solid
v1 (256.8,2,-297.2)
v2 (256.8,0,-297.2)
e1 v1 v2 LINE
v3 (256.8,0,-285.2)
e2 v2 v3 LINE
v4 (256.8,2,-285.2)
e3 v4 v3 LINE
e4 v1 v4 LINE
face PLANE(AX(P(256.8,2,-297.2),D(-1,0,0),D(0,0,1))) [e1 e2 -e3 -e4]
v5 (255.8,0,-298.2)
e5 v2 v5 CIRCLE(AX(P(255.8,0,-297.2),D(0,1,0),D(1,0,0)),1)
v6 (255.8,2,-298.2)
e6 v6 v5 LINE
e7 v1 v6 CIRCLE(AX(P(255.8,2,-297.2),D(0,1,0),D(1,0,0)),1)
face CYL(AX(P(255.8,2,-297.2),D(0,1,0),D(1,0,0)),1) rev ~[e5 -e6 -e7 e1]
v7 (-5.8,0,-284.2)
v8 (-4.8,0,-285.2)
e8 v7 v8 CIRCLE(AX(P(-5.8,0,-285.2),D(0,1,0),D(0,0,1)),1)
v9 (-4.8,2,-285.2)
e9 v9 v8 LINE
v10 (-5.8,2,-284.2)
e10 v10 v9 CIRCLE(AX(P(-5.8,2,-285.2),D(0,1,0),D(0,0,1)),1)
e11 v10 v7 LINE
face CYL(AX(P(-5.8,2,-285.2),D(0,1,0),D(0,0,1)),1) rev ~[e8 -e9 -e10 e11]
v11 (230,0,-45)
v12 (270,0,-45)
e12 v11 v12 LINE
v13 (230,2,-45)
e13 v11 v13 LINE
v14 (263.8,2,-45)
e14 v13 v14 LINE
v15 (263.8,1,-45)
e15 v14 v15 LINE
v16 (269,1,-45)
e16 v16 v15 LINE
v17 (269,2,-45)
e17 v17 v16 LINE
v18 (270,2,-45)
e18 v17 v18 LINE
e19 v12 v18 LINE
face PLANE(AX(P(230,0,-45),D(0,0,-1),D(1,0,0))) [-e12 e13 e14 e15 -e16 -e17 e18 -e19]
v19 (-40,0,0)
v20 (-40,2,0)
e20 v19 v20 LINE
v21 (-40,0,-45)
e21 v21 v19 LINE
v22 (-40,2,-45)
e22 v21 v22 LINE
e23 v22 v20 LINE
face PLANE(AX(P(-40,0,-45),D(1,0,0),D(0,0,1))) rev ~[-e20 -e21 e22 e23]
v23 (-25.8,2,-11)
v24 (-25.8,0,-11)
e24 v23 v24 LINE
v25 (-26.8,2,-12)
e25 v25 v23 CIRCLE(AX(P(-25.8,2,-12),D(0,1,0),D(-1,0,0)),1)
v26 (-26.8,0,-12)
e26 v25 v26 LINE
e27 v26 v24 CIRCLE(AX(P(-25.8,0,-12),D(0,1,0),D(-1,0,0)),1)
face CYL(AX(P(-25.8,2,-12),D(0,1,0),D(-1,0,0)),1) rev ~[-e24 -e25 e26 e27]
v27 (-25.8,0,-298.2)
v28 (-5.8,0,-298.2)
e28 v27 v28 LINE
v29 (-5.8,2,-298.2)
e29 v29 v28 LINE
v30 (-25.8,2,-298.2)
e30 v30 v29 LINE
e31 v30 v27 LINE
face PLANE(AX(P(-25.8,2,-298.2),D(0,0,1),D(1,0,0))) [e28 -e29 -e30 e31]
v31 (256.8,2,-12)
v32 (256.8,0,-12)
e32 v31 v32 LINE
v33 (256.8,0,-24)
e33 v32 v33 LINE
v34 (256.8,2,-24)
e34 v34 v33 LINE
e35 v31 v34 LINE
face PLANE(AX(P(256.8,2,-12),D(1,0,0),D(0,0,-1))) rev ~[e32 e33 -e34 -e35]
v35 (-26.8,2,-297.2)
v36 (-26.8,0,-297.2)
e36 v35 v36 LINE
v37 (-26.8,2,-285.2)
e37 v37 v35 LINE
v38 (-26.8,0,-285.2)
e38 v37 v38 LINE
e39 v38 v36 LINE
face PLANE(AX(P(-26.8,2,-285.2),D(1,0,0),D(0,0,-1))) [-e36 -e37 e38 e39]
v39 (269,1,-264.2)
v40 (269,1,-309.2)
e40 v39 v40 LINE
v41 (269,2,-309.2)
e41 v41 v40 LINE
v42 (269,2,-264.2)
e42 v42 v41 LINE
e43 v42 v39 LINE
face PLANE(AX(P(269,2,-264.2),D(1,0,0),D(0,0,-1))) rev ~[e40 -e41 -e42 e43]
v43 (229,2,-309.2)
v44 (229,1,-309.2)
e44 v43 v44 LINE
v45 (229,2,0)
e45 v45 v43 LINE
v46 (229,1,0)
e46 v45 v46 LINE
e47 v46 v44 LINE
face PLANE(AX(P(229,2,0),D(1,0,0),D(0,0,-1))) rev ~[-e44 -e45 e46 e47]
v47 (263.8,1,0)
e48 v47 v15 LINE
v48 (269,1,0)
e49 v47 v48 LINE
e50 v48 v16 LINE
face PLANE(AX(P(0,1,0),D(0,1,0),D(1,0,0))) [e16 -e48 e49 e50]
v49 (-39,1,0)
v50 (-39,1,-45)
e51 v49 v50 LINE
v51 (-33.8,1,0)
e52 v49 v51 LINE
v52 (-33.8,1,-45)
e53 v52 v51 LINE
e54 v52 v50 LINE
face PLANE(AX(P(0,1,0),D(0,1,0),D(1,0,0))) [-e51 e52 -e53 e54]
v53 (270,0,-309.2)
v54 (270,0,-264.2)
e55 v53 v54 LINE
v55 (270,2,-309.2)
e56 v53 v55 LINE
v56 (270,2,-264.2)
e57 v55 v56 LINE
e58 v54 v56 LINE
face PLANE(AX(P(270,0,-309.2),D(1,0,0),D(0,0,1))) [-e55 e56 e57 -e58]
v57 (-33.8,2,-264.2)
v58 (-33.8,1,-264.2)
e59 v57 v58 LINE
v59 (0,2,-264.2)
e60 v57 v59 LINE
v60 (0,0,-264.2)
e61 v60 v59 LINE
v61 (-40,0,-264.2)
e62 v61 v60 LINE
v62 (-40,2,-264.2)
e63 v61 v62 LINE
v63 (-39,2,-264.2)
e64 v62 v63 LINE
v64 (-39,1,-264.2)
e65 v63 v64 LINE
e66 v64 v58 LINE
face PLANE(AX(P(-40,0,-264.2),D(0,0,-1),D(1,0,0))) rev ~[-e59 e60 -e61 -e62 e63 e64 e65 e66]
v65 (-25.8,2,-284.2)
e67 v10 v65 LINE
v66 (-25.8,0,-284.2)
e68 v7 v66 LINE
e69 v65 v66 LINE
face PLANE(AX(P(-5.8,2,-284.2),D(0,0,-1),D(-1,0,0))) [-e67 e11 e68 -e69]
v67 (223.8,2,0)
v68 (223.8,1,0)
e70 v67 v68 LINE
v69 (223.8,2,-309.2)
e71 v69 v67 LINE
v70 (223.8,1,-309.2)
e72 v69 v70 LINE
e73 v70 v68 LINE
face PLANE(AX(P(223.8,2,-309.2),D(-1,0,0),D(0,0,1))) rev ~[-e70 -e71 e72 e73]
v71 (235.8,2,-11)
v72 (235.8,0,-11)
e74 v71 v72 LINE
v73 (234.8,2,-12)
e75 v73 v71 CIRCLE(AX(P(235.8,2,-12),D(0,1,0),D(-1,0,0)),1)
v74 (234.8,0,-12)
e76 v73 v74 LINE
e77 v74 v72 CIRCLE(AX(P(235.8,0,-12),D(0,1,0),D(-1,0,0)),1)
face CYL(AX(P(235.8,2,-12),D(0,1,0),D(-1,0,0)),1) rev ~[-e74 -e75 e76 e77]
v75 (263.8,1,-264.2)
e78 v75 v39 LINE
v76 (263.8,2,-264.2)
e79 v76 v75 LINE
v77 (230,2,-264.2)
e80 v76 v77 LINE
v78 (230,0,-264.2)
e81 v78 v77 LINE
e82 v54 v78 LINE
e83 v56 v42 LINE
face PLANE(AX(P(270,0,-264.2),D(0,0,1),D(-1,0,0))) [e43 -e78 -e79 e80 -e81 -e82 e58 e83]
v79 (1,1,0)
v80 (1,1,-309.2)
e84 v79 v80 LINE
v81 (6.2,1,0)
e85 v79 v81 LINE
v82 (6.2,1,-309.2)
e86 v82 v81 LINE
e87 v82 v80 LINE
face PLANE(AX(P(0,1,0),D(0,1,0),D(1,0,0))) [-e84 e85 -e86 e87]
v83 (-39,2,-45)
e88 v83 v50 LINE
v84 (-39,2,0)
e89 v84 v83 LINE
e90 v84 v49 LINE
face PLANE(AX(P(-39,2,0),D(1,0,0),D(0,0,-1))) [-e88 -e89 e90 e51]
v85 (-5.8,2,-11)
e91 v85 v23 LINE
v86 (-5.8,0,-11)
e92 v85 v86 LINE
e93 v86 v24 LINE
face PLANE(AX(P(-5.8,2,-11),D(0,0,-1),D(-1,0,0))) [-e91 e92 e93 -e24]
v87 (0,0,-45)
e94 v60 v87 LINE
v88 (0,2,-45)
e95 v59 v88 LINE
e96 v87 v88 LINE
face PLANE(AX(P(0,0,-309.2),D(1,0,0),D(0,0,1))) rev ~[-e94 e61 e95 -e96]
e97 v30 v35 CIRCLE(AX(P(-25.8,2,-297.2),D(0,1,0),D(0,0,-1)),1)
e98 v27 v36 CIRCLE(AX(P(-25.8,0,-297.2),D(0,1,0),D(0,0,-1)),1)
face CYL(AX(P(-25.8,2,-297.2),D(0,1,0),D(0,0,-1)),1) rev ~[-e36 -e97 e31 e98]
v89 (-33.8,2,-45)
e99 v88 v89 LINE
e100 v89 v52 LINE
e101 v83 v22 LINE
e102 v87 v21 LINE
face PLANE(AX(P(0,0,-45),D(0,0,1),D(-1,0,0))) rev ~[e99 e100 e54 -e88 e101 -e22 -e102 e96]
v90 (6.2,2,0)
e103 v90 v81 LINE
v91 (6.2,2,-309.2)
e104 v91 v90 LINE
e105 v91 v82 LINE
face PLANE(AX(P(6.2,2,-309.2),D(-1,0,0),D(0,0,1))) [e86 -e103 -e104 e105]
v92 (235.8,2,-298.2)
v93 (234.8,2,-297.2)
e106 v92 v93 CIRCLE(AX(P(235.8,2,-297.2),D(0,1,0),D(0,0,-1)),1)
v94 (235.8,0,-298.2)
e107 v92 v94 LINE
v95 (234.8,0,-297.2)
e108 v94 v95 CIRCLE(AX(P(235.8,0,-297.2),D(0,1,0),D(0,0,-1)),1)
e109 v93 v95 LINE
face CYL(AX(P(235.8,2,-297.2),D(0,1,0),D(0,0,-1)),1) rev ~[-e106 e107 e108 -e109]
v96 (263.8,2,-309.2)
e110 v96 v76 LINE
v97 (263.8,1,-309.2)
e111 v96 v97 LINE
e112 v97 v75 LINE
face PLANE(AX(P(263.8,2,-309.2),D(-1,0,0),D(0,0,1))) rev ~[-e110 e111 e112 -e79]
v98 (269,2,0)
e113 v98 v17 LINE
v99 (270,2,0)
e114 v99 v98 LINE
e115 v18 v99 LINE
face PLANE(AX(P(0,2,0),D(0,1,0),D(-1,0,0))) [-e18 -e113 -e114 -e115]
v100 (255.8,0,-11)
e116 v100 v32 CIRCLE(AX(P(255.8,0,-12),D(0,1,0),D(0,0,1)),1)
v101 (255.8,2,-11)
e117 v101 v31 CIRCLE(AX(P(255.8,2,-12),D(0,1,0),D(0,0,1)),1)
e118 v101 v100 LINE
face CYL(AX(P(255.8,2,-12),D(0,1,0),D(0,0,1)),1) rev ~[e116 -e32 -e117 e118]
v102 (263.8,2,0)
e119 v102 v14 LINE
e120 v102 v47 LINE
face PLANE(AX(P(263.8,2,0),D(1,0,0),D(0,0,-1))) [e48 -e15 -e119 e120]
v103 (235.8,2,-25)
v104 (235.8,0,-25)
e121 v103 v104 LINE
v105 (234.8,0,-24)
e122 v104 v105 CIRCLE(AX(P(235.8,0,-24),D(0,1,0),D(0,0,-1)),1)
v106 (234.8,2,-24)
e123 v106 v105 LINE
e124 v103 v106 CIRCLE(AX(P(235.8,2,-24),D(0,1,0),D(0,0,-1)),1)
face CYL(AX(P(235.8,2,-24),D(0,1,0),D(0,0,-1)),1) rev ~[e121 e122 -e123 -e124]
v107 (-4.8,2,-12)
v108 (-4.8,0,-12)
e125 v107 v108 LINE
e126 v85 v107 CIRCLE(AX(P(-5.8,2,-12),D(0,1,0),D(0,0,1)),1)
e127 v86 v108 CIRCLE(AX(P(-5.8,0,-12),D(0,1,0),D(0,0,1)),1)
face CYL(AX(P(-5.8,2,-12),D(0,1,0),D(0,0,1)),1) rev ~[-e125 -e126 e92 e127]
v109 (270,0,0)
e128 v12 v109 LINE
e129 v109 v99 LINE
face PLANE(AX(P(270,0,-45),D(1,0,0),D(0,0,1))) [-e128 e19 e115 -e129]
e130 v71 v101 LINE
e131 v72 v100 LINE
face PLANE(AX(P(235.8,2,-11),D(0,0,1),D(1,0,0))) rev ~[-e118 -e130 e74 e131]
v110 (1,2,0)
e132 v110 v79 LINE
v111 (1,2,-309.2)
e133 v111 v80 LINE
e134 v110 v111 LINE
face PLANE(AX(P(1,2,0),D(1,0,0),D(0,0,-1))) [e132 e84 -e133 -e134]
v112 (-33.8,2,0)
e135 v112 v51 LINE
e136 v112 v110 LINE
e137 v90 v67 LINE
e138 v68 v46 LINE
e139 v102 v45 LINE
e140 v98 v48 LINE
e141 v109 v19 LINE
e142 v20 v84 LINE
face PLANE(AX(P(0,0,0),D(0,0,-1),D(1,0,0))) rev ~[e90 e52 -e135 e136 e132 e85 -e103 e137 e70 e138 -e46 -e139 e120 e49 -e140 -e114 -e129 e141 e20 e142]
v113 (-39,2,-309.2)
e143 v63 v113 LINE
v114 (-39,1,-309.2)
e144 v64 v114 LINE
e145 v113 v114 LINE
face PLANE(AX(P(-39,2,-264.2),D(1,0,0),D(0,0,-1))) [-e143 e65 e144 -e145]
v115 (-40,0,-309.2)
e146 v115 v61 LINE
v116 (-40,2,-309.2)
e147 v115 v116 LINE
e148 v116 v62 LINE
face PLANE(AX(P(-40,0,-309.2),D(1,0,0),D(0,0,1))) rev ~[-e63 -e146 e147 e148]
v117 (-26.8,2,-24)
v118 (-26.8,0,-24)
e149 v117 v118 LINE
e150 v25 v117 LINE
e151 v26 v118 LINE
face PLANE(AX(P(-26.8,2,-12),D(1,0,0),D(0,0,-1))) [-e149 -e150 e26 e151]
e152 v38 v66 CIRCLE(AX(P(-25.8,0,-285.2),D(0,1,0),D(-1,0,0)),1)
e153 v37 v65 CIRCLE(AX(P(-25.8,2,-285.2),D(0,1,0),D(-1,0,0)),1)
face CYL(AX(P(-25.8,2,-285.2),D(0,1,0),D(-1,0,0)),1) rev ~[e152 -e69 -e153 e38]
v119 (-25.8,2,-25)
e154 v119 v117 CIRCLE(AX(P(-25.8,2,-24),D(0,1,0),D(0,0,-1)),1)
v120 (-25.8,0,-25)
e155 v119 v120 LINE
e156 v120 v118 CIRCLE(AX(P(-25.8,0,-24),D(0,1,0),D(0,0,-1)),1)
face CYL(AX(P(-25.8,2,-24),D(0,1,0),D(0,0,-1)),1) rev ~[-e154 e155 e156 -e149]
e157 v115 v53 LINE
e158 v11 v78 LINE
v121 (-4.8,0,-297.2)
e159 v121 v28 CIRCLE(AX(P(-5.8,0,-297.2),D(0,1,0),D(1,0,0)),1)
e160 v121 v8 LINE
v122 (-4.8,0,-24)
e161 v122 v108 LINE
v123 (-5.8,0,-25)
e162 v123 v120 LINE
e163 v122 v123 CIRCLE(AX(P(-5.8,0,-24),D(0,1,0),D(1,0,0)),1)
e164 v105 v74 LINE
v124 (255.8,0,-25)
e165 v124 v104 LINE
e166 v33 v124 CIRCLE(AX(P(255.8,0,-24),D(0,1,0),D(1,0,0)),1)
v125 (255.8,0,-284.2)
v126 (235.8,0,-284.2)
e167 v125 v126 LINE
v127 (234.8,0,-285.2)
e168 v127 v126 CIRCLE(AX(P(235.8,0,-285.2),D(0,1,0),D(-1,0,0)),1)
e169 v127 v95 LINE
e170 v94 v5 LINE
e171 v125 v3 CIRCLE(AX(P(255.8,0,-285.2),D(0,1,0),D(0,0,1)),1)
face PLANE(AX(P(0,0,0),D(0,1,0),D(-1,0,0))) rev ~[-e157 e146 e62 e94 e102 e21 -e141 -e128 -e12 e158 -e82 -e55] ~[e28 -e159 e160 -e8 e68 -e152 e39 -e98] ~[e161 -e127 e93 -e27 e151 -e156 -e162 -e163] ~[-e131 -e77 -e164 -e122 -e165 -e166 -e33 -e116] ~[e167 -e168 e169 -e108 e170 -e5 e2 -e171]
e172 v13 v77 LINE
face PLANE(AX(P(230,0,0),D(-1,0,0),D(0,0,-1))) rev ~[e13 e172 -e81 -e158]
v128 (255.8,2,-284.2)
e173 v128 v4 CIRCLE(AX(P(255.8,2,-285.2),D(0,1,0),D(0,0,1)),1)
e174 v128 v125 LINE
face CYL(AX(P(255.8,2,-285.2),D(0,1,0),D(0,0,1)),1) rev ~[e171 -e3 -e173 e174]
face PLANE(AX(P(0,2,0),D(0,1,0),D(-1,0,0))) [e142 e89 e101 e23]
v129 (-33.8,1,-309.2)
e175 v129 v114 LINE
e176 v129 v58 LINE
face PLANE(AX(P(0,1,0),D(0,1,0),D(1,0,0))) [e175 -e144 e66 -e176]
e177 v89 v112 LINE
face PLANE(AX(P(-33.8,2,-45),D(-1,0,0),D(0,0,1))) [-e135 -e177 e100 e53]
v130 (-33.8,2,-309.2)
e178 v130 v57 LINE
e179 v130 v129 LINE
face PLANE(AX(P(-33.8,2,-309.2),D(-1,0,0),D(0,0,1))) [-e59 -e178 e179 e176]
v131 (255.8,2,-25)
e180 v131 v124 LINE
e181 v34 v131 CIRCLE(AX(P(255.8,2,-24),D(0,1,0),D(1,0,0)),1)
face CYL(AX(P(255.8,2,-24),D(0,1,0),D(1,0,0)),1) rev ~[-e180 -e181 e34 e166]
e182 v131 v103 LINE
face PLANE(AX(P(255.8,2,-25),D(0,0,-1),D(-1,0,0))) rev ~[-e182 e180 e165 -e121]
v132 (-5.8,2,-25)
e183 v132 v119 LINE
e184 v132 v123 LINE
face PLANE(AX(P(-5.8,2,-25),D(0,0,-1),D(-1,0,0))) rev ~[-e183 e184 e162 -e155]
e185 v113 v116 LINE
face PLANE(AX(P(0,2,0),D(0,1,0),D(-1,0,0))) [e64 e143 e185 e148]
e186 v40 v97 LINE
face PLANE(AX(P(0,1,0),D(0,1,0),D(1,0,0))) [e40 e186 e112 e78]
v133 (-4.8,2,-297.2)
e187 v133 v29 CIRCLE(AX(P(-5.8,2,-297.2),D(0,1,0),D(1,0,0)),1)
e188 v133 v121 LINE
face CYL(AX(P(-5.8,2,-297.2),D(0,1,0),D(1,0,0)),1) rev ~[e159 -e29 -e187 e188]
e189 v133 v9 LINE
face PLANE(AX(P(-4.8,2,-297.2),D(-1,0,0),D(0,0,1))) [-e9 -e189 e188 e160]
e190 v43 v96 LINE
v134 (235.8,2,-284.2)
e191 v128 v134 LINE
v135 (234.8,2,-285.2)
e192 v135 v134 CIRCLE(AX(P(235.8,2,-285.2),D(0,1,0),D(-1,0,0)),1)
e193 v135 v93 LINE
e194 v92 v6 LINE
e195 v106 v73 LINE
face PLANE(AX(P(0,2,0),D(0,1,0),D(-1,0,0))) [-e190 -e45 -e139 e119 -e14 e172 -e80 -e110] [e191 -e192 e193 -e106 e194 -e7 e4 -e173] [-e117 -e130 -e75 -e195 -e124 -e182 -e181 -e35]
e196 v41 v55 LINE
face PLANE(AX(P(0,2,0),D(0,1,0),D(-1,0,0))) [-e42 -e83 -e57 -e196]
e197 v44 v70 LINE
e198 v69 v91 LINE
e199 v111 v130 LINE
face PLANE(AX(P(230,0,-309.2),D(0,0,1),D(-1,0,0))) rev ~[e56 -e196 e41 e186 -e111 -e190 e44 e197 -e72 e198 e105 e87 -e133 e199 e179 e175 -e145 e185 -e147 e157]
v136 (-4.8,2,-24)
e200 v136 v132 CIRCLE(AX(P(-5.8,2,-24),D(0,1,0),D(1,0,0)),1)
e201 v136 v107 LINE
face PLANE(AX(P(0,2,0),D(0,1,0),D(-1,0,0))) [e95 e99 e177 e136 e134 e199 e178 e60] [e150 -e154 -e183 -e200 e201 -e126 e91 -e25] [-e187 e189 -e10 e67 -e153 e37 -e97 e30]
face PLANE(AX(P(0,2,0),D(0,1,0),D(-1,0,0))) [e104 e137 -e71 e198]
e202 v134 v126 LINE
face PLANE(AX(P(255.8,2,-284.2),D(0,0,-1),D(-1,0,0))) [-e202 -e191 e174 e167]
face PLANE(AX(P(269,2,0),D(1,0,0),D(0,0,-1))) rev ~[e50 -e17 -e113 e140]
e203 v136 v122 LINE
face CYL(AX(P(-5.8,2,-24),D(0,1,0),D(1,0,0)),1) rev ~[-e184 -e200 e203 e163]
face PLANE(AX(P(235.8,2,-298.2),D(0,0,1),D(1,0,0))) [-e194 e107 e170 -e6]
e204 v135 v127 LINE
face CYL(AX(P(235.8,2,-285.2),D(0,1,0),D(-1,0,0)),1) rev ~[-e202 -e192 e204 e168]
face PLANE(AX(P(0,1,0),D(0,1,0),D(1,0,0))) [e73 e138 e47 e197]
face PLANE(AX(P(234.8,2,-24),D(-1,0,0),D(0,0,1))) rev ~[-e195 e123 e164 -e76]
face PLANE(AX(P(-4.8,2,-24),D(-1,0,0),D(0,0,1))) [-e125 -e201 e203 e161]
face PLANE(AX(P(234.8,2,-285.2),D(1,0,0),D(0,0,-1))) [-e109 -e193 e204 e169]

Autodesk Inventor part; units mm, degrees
ref_plane "YZ Plane" through (0, 0, 0) normal (1, 0, 0) x (0, 1, 0)
ref_plane "XZ Plane" through (0, 0, 0) normal (0, 1, 0) x (-1, 0, 0)
ref_plane "XY Plane" through (0, 0, 0) normal (0, 0, 1) x (1, 0, 0)
sketch "스케치1" plane through (0, 0, 0) normal (0, 1, 0) x (-1, 0, 0)
  line L0 (0, 0) -> (-230, 0)
  line L1 (-230, 0) -> (-230, -309.2)
  line L2 (-230, -309.2) -> (0, -309.2)
  line L3 (0, -309.2) -> (0, 0)
  dimension "d0" = 230
  dimension "d1" = 309.2
extrude "돌출1" add sketch "스케치1" along normal blind 2
sketch "스케치2" plane through (0, 2, 0) normal (0, 1, 0) x (1, 0, 0)
  line L0 (1, 0) -> (1, 309.2)
  line L1 (230, 309.2) -> (0, 309.2) projected
  line L2 (6.2, 309.2) -> (6.2, 0)
  line L3 (229, 0) -> (229, 309.2)
  line L4 (223.8, 309.2) -> (223.8, 0)
  line L5 (0, 0) -> (230, 0) projected
  line L6 (0, 309.2) -> (0, 0) projected
  line L7 (230, 0) -> (230, 309.2) projected
  line L8 (1, 0) -> (6.2, 0)
  line L9 (1, 309.2) -> (6.2, 309.2)
  line L10 (223.8, 309.2) -> (229, 309.2)
  line L11 (223.8, 0) -> (229, 0)
  dimension "d4" = 1
  dimension "d5" = 5.2
  dimension "d6" = 1
  dimension "d7" = 5.2
extrude "돌출2" cut sketch "스케치2" against normal blind 1 contours L0 L1 L2 L5 | L4 L1 L3 L5
sketch "스케치3" plane through (0, 0, 0) normal (0, -1, 0) x (1, 0, 0)
  line L0 (0, 0) -> (0, -45)
  line L1 (0, -309.2) -> (0, 0) projected
  line L2 (0, -45) -> (-40, -45)
  line L3 (-40, -45) -> (-40, 0)
  line L4 (-40, 0) -> (0, 0)
  line L5 (230, 0) -> (230, -309.2) projected
  line L6 (230, 0) -> (230, -45)
  line L7 (230, -45) -> (270, -45)
  line L8 (270, -45) -> (270, 0)
  line L9 (270, 0) -> (230, 0)
  line L10 (230, -309.2) -> (270, -309.2)
  line L11 (270, -309.2) -> (270, -264.2)
  line L12 (270, -264.2) -> (230, -264.2)
  line L13 (0, -309.2) -> (-40, -309.2)
  line L14 (-40, -309.2) -> (-40, -264.2)
  line L15 (-40, -264.2) -> (0, -264.2)
  dimension "d10" = 45
extrude "돌출3" add sketch "스케치3" against normal blind 2
sketch "스케치4" plane through (0, 2, 0) normal (0, 1, 0) x (1, 0, 0)
  line L0 (1, 0) -> (1, 309.2) projected
  line L1 (1, 309.2) -> (-40, 309.2) projected
  line L2 (-40, 309.2) -> (-40, 264.2) projected
  line L3 (-40, 264.2) -> (0, 264.2) projected
  line L4 (0, 264.2) -> (0, 45) projected
  line L5 (0, 45) -> (-40, 45) projected
  line L6 (-40, 45) -> (-40, 0) projected
  line L7 (-40, 0) -> (1, 0) projected
  line L8 (223.8, 0) -> (223.8, 309.2) projected
  line L9 (223.8, 309.2) -> (6.2, 309.2) projected
  line L10 (6.2, 309.2) -> (6.2, 0) projected
  line L11 (6.2, 0) -> (223.8, 0) projected
  line L12 (229, 309.2) -> (229, 0) projected
  line L13 (229, 0) -> (270, 0) projected
  line L14 (270, 0) -> (270, 45) projected
  line L15 (270, 45) -> (230, 45) projected
  line L16 (230, 45) -> (230, 264.2) projected
  line L17 (230, 264.2) -> (270, 264.2) projected
  line L18 (270, 264.2) -> (270, 309.2) projected
  line L19 (270, 309.2) -> (229, 309.2) projected
  line L20 (-39, 0) -> (-39, 45)
  line L21 (0, 45) -> (-40, 45) projected
  line L22 (-33.8, 45) -> (-33.8, 0)
  line L23 (-39, 264.2) -> (-39, 309.2)
  line L24 (1, 309.2) -> (-40, 309.2) projected
  line L25 (-33.8, 309.2) -> (-33.8, 264.2)
  line L26 (0, 264.2) -> (-40, 264.2) projected
  line L27 (229, 0) -> (270, 0) projected
  line L28 (269, 0) -> (269, 45)
  line L29 (230, 45) -> (270, 45) projected
  line L30 (263.8, 0) -> (263.8, 45)
  line L31 (230, 264.2) -> (270, 264.2) projected
  line L32 (269, 264.2) -> (269, 309.2)
  line L33 (270, 309.2) -> (229, 309.2) projected
  line L34 (263.8, 309.2) -> (263.8, 264.2)
  line L35 (263.8, 264.2) -> (269, 264.2)
  line L36 (269, 309.2) -> (263.8, 309.2)
  point P0 (0, 0)
  dimension "d13" = 1
  dimension "d14" = 5.2
  dimension "d15" = 1
  dimension "d16" = 1
  dimension "d17" = 5.2
extrude "돌출4" cut sketch "스케치4" against normal blind 1 contours L7 L20 L5 L22 | L25 L3 L23 L1 | L19 L32 L17 L34 | L30 L15 L28 L13
sketch "스케치5" plane through (0, 2, 0) normal (0, 1, 0) x (1, 0, 0)
  line L0 (223.8, 0) -> (223.8, 309.2) projected
  line L1 (223.8, 309.2) -> (6.2, 309.2) projected
  line L2 (6.2, 309.2) -> (6.2, 0) projected
  line L3 (6.2, 0) -> (223.8, 0) projected
  line L4 (-33.8, 309.2) -> (-33.8, 264.2) projected
  line L5 (-33.8, 264.2) -> (0, 264.2) projected
  line L6 (0, 264.2) -> (0, 45) projected
  line L7 (0, 45) -> (-33.8, 45) projected
  line L8 (-33.8, 45) -> (-33.8, 0) projected
  line L9 (-33.8, 0) -> (1, 0) projected
  line L10 (1, 0) -> (1, 309.2) projected
  line L11 (1, 309.2) -> (-33.8, 309.2) projected
  line L12 (263.8, 0) -> (263.8, 45) projected
  line L13 (263.8, 45) -> (230, 45) projected
  line L14 (230, 45) -> (230, 264.2) projected
  line L15 (230, 264.2) -> (263.8, 264.2) projected
  line L16 (263.8, 264.2) -> (263.8, 309.2) projected
  line L17 (263.8, 309.2) -> (229, 309.2) projected
  line L18 (229, 309.2) -> (229, 0) projected
  line L19 (229, 0) -> (263.8, 0) projected
  line L20 (-33.8, 45) -> (-33.8, 0) projected
  line L21 (-40, 45) -> (0, 45) projected
  line L22 (-4.8, 24) -> (-4.8, 12)
  line L23 (-5.8, 11) -> (-25.8, 11)
  line L24 (-26.8, 12) -> (-26.8, 24)
  line L25 (-5.8, 25) -> (-25.8, 25)
  line L26 (230, 45) -> (270, 45) projected
  line L27 (255.8, 25) -> (235.8, 25)
  line L28 (234.8, 24) -> (234.8, 12)
  line L29 (235.8, 11) -> (255.8, 11)
  line L30 (256.8, 12) -> (256.8, 24)
  line L31 (230, 264.2) -> (263.8, 264.2) projected
  line L32 (255.8, 284.2) -> (235.8, 284.2)
  line L33 (234.8, 285.2) -> (234.8, 297.2)
  line L34 (235.8, 298.2) -> (255.8, 298.2)
  line L35 (256.8, 297.2) -> (256.8, 285.2)
  line L36 (-33.8, 264.2) -> (0, 264.2) projected
  arc A0 (235.8, 298.2) -> (234.8, 297.2) centre (235.8, 297.2) ccw
  arc A1 (256.8, 297.2) -> (255.8, 298.2) centre (255.8, 297.2) ccw
  arc A2 (255.8, 284.2) -> (256.8, 285.2) centre (255.8, 285.2) ccw
  arc A3 (234.8, 285.2) -> (235.8, 284.2) centre (235.8, 285.2) ccw
  arc A4 (235.8, 25) -> (234.8, 24) centre (235.8, 24) ccw
  arc A5 (234.8, 12) -> (235.8, 11) centre (235.8, 12) ccw
  arc A6 (255.8, 11) -> (256.8, 12) centre (255.8, 12) ccw
  arc A7 (256.8, 24) -> (255.8, 25) centre (255.8, 24) ccw
  arc A8 (-25.8, 25) -> (-26.8, 24) centre (-25.8, 24) ccw
  arc A9 (-26.8, 12) -> (-25.8, 11) centre (-25.8, 12) ccw
  arc A10 (-5.8, 11) -> (-4.8, 12) centre (-5.8, 12) ccw
  arc A11 (-4.8, 24) -> (-5.8, 25) centre (-5.8, 24) ccw
  line L37 (1, 309.2) -> (-33.8, 309.2) projected
  line L38 (-33.8, 309.2) -> (-26.8, 309.2)
  line L39 (-26.8, 309.2) -> (-26.8, 298.2)
  line L40 (-25.8, 298.2) -> (-5.8, 298.2)
  line L41 (-4.8, 297.2) -> (-4.8, 285.2)
  line L42 (-5.8, 284.2) -> (-25.8, 284.2)
  line L43 (-26.8, 285.2) -> (-26.8, 297.2)
  arc A12 (-5.8, 284.2) -> (-4.8, 285.2) centre (-5.8, 285.2) ccw
  arc A13 (-4.8, 297.2) -> (-5.8, 298.2) centre (-5.8, 297.2) ccw
  arc A14 (-25.8, 298.2) -> (-26.8, 297.2) centre (-25.8, 297.2) ccw
  arc A15 (-26.8, 285.2) -> (-25.8, 284.2) centre (-25.8, 285.2) ccw
  point P0 (0, 0)
  point P1 (-4.8, 11)
  point P2 (234.8, 25)
  point P3 (234.8, 11)
  point P4 (256.8, 11)
  point P5 (234.8, 284.2)
  point P6 (234.8, 298.2)
  point P7 (256.8, 298.2)
  point P8 (-4.8, 284.2)
  point P9 (-4.8, 298.2)
  point P10 (-26.8, 284.2)
  dimension "d27" = 14
  dimension "d29" = 14
  dimension "d33" = 11
  dimension "d34" = 11
  dimension "d35" = 11
  dimension "d37" = 7
  dimension "d38" = 11
  dimension "d39" = 22
  dimension "d40" = 14
  dimension "d41" = 1
  dimension "d42" = 14
extrude "돌출6" cut sketch "스케치5" against normal blind 10 contours L22 A10 L23 A9 L24 A8 L25 A11 | A7 L30 A6 L29 A5 L28 A4 L27 | L32 A3 L33 A0 L34 A1 L35 A2 | L40 A13 L41 A12 L42 A15 L43 A14
properties part number "밑판" material "알루미늄 6061"
